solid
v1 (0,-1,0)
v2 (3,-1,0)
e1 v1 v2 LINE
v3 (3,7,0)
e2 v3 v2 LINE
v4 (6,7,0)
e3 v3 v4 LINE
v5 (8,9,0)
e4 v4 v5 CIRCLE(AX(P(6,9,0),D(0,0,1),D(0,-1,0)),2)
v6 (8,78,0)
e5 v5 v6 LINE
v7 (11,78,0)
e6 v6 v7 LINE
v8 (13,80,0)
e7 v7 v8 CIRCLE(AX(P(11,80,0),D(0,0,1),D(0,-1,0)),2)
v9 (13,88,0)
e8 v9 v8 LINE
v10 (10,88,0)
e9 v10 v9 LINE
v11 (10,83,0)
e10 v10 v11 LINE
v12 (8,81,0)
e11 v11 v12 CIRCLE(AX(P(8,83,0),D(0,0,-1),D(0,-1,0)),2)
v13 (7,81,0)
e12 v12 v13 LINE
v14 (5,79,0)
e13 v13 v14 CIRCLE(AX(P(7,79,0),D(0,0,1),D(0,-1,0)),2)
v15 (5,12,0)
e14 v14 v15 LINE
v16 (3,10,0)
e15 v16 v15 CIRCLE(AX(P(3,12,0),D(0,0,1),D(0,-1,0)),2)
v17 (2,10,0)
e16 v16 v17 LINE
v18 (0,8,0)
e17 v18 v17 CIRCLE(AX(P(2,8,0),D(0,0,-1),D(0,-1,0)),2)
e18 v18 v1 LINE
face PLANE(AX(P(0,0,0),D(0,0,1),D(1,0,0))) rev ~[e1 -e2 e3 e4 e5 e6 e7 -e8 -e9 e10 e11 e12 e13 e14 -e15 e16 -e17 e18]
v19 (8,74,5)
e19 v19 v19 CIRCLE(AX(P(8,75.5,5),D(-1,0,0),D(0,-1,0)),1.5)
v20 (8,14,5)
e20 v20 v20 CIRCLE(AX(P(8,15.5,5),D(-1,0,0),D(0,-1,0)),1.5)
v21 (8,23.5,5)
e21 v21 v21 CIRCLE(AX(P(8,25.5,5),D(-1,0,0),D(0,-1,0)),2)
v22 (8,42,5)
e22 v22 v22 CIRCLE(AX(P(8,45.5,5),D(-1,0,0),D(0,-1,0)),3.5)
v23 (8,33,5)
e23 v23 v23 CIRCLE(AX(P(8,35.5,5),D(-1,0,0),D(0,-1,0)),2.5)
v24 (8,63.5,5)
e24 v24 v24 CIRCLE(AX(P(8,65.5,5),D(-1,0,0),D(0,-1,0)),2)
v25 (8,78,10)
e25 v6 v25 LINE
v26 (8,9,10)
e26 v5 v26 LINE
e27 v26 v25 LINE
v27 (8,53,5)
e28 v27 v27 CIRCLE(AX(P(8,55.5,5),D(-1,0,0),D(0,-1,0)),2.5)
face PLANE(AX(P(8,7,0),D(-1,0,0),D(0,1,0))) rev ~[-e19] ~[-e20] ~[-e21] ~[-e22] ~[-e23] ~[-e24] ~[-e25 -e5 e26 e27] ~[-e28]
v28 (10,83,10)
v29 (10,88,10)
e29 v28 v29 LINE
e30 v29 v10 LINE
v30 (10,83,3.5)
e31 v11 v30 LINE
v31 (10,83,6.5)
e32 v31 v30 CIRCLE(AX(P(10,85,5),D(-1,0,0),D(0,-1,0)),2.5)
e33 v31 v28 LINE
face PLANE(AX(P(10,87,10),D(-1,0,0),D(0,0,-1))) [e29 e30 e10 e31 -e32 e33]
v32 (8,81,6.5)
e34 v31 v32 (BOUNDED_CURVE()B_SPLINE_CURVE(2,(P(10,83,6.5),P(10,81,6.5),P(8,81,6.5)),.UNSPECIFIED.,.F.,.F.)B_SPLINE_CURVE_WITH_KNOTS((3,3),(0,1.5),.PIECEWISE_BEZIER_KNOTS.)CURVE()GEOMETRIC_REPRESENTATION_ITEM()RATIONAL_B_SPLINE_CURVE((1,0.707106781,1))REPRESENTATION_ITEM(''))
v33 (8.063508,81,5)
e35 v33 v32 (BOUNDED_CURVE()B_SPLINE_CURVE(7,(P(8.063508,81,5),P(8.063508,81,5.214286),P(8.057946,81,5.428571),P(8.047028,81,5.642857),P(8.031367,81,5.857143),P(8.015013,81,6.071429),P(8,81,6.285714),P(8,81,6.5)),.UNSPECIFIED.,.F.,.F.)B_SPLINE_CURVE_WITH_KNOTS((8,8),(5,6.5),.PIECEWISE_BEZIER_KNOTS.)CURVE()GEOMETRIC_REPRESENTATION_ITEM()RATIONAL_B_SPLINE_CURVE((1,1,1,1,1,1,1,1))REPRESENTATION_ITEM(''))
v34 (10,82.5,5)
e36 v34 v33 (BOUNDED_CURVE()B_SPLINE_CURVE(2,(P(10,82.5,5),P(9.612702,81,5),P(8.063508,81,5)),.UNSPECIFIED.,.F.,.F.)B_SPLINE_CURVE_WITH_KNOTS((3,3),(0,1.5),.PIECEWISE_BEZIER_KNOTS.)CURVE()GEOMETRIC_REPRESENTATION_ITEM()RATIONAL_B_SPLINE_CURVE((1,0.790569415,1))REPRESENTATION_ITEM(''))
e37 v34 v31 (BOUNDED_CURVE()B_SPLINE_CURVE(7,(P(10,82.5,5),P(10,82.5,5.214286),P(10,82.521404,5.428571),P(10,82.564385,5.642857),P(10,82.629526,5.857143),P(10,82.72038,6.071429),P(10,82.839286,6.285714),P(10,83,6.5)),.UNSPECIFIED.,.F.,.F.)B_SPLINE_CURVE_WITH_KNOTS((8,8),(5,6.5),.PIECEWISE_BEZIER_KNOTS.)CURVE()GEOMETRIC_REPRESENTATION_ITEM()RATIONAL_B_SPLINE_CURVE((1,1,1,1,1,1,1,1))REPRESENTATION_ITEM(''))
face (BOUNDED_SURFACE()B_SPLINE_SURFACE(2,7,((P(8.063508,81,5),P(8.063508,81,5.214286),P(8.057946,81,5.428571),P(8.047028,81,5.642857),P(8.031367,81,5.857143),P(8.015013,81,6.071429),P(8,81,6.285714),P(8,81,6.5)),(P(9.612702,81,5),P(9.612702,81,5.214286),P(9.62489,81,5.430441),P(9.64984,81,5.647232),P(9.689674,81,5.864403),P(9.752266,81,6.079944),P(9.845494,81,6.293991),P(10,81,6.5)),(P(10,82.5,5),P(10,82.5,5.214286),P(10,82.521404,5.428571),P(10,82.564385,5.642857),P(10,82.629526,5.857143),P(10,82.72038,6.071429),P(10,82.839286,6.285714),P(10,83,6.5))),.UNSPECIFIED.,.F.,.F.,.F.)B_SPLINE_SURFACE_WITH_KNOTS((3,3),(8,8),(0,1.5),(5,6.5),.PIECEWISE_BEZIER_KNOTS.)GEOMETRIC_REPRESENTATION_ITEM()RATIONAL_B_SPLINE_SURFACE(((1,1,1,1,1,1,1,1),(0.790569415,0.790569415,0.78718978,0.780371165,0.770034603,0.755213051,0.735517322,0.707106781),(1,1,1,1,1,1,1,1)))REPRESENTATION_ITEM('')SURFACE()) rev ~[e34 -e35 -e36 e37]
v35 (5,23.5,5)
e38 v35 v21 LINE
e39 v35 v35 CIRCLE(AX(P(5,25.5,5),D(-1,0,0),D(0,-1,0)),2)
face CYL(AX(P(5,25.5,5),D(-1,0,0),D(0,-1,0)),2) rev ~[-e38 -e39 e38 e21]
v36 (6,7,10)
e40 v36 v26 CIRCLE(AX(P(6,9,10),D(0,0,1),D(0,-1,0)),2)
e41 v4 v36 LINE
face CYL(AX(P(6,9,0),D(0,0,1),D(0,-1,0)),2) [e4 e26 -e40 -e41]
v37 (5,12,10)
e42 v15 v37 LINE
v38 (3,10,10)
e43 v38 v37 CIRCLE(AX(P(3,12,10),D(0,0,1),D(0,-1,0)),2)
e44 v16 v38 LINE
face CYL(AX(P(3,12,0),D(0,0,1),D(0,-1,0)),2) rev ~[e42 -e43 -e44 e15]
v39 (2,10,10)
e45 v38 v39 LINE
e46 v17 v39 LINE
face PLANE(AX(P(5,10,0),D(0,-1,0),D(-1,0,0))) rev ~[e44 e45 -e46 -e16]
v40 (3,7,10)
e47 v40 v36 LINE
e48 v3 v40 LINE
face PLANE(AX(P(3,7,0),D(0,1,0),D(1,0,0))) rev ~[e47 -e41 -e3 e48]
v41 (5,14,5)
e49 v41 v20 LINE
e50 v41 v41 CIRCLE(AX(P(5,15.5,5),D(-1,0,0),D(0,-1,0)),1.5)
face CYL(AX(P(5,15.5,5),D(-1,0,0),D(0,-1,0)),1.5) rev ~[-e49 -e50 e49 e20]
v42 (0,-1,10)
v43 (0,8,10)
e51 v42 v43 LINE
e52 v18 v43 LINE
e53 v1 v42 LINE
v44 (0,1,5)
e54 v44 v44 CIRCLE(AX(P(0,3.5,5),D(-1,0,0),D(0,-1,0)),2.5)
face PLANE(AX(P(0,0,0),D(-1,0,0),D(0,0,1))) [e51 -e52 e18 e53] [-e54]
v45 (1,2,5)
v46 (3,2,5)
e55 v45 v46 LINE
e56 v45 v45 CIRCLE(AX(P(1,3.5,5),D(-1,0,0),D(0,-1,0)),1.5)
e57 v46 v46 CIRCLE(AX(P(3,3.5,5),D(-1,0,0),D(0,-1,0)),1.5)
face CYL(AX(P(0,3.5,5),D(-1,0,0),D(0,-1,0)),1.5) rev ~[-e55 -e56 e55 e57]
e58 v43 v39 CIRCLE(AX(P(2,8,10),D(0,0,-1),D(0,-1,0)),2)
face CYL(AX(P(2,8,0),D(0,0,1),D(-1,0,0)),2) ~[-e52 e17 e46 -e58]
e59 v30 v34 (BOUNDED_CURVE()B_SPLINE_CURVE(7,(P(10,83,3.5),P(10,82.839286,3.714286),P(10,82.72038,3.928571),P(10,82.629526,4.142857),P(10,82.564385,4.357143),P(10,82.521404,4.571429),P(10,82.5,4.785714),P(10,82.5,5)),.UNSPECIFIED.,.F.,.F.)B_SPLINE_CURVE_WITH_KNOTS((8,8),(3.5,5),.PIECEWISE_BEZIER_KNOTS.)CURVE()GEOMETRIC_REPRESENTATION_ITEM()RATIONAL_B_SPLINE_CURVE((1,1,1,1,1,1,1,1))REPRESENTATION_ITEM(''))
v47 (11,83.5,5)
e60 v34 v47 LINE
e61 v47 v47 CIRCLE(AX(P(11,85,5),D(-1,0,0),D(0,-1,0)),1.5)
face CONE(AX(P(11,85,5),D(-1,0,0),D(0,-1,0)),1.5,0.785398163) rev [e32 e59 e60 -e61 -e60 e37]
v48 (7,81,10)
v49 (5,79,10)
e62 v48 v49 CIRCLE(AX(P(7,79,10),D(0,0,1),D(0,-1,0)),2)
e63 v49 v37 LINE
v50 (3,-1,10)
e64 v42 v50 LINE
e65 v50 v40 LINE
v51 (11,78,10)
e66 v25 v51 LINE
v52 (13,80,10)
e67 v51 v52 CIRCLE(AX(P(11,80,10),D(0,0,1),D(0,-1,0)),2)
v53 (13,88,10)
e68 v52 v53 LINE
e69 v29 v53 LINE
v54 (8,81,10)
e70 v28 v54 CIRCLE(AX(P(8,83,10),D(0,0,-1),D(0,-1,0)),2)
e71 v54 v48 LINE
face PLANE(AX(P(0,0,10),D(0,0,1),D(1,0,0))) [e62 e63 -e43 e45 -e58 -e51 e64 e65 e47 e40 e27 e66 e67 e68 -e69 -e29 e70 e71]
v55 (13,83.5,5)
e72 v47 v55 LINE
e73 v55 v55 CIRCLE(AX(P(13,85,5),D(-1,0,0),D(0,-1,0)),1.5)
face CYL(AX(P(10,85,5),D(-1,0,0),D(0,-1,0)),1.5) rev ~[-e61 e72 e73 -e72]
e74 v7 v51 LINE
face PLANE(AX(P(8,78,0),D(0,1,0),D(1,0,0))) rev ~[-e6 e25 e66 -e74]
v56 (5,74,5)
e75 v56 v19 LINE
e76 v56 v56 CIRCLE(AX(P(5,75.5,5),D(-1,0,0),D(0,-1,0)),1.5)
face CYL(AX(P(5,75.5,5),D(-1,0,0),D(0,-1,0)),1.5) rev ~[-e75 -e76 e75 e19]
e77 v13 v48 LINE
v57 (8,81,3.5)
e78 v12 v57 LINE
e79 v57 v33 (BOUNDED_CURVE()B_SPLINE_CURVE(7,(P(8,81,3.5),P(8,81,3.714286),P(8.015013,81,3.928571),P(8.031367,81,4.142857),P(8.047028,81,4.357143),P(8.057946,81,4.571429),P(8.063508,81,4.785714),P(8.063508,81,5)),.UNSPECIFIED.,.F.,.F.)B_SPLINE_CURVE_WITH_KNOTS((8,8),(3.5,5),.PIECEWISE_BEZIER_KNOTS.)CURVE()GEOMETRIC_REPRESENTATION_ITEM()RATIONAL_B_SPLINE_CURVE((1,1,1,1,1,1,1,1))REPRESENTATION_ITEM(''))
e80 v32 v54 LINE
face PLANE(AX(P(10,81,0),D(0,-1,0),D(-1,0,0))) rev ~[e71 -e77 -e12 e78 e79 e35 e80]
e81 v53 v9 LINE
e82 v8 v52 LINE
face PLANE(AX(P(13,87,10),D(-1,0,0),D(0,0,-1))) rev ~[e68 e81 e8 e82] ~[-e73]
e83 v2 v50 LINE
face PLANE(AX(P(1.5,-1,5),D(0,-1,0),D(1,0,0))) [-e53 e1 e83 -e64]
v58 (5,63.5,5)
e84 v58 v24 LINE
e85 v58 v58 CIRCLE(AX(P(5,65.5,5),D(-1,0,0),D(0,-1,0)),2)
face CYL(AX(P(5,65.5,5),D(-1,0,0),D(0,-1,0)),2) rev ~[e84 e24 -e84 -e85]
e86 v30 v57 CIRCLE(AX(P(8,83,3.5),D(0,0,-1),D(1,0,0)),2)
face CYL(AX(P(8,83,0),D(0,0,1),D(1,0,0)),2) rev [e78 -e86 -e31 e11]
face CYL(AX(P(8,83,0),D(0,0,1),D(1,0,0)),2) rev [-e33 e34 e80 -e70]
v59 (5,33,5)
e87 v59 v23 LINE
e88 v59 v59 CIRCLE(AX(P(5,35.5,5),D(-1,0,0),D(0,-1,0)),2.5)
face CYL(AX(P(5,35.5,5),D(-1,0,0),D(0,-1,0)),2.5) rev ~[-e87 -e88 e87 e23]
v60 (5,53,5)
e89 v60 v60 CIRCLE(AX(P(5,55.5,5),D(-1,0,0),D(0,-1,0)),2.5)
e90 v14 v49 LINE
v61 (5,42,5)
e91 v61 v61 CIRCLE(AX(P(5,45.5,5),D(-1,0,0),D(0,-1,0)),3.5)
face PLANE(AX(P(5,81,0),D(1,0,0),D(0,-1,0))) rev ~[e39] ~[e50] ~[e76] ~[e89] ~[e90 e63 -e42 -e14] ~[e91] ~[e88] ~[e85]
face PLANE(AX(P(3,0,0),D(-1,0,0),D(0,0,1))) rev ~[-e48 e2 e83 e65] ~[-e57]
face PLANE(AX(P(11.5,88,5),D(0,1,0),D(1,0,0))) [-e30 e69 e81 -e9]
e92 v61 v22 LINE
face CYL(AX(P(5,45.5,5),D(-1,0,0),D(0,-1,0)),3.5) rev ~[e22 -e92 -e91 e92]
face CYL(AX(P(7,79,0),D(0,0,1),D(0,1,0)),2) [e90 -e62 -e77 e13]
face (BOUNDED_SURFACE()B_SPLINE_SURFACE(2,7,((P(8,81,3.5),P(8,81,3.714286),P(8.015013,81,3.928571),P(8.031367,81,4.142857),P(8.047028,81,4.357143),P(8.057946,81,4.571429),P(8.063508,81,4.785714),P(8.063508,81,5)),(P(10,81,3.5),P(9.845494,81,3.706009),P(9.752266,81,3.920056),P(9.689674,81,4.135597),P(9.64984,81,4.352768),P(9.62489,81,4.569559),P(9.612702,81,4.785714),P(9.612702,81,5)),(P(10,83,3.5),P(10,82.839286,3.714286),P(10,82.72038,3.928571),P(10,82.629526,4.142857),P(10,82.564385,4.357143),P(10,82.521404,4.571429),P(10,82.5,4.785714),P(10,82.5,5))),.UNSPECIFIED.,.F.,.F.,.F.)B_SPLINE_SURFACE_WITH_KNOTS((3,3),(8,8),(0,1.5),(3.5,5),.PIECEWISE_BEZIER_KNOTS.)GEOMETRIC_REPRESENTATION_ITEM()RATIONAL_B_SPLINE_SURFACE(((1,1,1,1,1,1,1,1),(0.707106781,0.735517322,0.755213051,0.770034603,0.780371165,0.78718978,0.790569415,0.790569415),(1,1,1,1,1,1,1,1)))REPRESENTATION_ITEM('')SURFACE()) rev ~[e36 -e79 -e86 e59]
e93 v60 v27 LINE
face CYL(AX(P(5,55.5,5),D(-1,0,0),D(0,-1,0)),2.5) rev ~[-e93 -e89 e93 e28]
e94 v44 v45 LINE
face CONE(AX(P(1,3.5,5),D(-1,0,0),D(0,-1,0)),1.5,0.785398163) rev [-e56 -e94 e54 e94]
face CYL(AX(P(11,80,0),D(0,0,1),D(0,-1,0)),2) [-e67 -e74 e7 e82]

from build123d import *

# Parameters (mm, degrees)
Y_KSEKLIK_EKSTR_ZYON1_DEPTH = 10
IZIM2_W                     = 3
IZIM2_H                     = 10
Y_KSEKLIK_EKSTR_ZYON2_DEPTH = 1
IZIM3_W                     = 3
IZIM3_H                     = 10
Y_KSEKLIK_EKSTR_ZYON3_DEPTH = 1
IZIM4_R                     = 1.5
KES_EKSTR_ZYON1_DEPTH       = 4
PAH1_SIZE                   = 1
IZIM5_R                     = 1.5
KES_EKSTR_ZYON2_DEPTH       = 4
PAH2_SIZE                   = 1
RADYUS1_R                   = 2
IZIM6_R                     = 3.5
IZIM6_R_2                   = 2.5
IZIM6_R_3                   = 2
IZIM6_R_4                   = 1.5
KES_EKSTR_ZYON3_DEPTH       = 4


with BuildPart() as part:
    # Çizim1 → Yükseklik-Ekstrüzyon1 (new body)
    with BuildSketch(Plane.XY):
        Polygon((10, 87), (10, 81), (5, 81), (5, 10), (0, 10), (0, 0), (3, 0), (3, 7), (8, 7), (8, 78), (13, 78), (13, 87), align=None)
    extrude(amount=Y_KSEKLIK_EKSTR_ZYON1_DEPTH)

    # Çizim2 → Yükseklik-Ekstrüzyon2 (add)
    with BuildSketch(Plane(origin=(0, 87, 0), x_dir=(1, 0, 0), z_dir=(0, 1, 0))):
        with Locations((11.5, -5)):
            Rectangle(IZIM2_W, IZIM2_H)
    extrude(amount=Y_KSEKLIK_EKSTR_ZYON2_DEPTH)

    # Çizim3 → Yükseklik-Ekstrüzyon3 (add)
    with BuildSketch(Plane.XZ):
        with Locations((1.5, 5)):
            Rectangle(IZIM3_W, IZIM3_H)
    extrude(amount=Y_KSEKLIK_EKSTR_ZYON3_DEPTH)

    # Çizim4 → Kes-Ekstrüzyon1 (cut)
    with BuildSketch(Plane.ZY.offset(-10)):
        with Locations(Location((5, 85, 0), (0, 0, 270))):
            Circle(IZIM4_R)
    extrude(amount=-KES_EKSTR_ZYON1_DEPTH, mode=Mode.SUBTRACT)

    # Pah1
    pah1_edges = [part.edges().sort_by_distance(p)[0] for p in [
        (10, 86.5, 5),
    ]]
    chamfer(pah1_edges, length=PAH1_SIZE)

    # Çizim5 → Kes-Ekstrüzyon2 (cut)
    with BuildSketch(Plane.ZY):
        with Locations(Location((5, 3.5, 0), (0, 0, 270))):
            Circle(IZIM5_R)
    extrude(amount=-KES_EKSTR_ZYON2_DEPTH, mode=Mode.SUBTRACT)

    # Pah2
    pah2_edges = [part.edges().sort_by_distance(p)[0] for p in [
        (0, 5, 5),
    ]]
    chamfer(pah2_edges, length=PAH2_SIZE)

    # Radyus1
    radyus1_edges = [part.edges().sort_by_distance(p)[0] for p in [
        (13, 78, 5),
        (8, 7, 5),
        (0, 10, 5),
        (5, 10, 5),
        (5, 81, 5),
        (10, 81, 5),
    ]]
    fillet(radyus1_edges, radius=RADYUS1_R)

    # Çizim6 → Kes-Ekstrüzyon3 (cut)
    with BuildSketch(Plane.ZY.offset(-5)):
        with Locations(Location((5, 45.5, 0), (0, 0, 270))):
            Circle(IZIM6_R)
        with Locations(Location((5, 55.5, 0), (0, 0, 270))):
            Circle(IZIM6_R_2)
        with Locations(Location((5, 65.5, 0), (0, 0, 270))):
            Circle(IZIM6_R_3)
        with Locations(Location((5, 75.5, 0), (0, 0, 270))):
            Circle(IZIM6_R_4)
        with Locations(Location((5, 15.5, 0), (0, 0, 270))):
            Circle(IZIM6_R_4)
        with Locations(Location((5, 25.5, 0), (0, 0, 270))):
            Circle(IZIM6_R_3)
        with Locations(Location((5, 35.5, 0), (0, 0, 270))):
            Circle(IZIM6_R_2)
    extrude(amount=-KES_EKSTR_ZYON3_DEPTH, mode=Mode.SUBTRACT)


solid = part.part
